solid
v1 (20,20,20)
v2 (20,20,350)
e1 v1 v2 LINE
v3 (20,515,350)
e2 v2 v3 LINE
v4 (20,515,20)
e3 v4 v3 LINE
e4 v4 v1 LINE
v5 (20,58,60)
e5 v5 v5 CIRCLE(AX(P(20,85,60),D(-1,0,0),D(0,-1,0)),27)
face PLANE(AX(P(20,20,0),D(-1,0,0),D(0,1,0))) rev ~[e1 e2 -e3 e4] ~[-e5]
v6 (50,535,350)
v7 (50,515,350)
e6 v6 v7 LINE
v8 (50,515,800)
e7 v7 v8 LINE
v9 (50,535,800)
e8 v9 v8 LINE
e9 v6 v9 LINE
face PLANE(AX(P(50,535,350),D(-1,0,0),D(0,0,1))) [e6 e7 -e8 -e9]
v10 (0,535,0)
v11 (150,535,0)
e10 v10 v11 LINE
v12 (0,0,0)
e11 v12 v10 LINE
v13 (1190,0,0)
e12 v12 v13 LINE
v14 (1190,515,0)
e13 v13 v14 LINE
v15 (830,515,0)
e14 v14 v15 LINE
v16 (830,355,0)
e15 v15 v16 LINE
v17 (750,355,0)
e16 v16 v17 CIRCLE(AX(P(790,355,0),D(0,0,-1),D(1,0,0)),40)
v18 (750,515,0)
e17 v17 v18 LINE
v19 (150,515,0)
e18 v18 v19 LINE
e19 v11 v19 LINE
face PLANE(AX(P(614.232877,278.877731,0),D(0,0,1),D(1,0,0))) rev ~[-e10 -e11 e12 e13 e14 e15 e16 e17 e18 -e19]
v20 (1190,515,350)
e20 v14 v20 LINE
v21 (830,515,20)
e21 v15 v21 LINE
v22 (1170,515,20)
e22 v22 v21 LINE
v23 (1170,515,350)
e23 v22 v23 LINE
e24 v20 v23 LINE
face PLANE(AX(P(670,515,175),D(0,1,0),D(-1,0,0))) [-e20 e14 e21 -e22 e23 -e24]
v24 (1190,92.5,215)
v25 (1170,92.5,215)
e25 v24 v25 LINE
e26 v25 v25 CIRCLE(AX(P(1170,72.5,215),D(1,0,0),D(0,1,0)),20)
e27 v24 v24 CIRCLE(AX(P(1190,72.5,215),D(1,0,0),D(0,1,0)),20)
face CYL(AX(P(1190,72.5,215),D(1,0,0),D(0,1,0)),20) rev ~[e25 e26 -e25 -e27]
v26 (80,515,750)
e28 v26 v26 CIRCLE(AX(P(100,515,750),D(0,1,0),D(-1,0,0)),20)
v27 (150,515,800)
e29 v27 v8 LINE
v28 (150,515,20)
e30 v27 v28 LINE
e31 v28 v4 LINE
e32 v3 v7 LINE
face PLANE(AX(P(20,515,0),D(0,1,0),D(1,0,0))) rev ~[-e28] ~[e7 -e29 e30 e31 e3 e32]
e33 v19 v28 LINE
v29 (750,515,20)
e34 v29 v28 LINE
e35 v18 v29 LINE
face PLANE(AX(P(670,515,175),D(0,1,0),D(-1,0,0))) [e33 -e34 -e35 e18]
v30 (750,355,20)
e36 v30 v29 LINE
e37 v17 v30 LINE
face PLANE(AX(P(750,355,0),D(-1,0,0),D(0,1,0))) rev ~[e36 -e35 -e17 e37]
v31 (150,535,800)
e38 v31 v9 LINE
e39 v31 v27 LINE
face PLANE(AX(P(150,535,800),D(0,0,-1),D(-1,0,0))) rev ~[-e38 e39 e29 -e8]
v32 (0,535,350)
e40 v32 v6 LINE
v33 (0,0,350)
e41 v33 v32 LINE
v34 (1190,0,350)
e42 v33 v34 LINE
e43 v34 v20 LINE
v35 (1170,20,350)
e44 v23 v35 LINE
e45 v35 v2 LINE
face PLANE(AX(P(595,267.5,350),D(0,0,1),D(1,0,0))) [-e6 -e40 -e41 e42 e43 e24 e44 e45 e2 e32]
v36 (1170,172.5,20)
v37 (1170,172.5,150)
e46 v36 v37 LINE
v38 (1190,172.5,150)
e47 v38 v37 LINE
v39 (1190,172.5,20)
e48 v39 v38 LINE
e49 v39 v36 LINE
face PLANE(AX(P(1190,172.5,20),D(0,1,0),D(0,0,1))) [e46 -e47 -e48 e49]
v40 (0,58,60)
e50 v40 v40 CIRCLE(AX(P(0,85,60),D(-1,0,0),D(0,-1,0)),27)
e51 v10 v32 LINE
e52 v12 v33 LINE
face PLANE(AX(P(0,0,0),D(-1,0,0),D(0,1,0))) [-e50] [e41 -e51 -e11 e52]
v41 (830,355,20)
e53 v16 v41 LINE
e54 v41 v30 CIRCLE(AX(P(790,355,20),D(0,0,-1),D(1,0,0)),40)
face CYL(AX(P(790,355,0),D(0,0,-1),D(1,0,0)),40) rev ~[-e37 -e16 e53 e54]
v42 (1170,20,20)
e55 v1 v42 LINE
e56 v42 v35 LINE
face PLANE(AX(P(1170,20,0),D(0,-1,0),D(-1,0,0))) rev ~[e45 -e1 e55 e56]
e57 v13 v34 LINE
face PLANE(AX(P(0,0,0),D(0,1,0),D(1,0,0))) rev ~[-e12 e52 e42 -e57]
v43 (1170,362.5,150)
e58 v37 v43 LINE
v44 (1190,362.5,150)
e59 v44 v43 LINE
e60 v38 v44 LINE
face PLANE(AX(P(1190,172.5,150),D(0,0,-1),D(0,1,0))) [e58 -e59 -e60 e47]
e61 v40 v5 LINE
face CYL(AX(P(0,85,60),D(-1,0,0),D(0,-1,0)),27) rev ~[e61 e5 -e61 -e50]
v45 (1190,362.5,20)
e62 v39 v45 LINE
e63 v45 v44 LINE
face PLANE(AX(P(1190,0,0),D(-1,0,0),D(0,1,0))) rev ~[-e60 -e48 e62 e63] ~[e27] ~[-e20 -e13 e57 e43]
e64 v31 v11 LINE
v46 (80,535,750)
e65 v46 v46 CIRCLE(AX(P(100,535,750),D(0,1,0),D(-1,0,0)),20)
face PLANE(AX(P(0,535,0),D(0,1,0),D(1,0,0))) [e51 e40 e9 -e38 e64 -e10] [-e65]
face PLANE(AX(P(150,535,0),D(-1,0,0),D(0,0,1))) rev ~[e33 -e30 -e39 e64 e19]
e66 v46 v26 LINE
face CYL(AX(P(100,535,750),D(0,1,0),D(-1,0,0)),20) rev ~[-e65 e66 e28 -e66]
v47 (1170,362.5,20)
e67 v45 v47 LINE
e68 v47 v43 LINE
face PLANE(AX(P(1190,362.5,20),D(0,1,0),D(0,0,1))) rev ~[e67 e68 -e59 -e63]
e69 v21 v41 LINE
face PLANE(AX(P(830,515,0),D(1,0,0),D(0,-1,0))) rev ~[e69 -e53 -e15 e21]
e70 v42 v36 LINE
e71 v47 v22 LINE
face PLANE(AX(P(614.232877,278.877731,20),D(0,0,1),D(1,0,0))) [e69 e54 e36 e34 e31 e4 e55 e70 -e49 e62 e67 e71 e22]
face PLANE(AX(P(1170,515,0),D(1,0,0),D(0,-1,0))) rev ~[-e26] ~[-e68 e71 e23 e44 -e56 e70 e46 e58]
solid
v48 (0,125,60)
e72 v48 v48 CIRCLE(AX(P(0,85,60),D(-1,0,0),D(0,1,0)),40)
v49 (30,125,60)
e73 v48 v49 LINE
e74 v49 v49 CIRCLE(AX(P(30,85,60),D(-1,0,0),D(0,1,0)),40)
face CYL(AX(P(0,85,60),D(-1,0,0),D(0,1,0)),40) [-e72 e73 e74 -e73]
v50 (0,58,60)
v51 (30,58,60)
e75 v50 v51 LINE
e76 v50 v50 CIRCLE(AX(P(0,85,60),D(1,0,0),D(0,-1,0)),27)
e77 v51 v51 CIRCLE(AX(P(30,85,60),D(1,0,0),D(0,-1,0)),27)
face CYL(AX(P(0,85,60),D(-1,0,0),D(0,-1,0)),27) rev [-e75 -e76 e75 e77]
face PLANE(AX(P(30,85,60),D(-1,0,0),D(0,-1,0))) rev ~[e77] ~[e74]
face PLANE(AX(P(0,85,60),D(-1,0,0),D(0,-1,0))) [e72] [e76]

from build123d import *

# Parameters (mm, degrees)
F0_W      = 1190
F0_H      = 535
F1_DEPTH  = 350
F2_DEPTH  = 20
F3_R      = 20
F4_DEPTH  = 25
F5_W      = 100
F5_H      = 450
F5_R      = 20
F6_DEPTH  = 20
F8_DEPTH  = 50
F9_DEPTH  = 30
F5_W_2    = 1040
F5_H_2    = 350
F10_DEPTH = 20
F3_W      = 190
F3_H      = 130
F11_DEPTH = 20


with BuildPart() as f1:
    # F0 (on Top) → F1 (new body)
    with BuildSketch(Plane.XY):
        with Locations((595, 267.5)):
            Rectangle(F0_W, F0_H)
        Polygon((20, 20), (20, 515), (750, 515), (830, 515), (1170, 515), (1170, 20), align=None, mode=Mode.SUBTRACT)
    extrude(amount=F1_DEPTH)

    # F0 (on Top) → F2 (join)
    with BuildSketch(Plane.XY):
        with BuildLine():
            Line((750, 515), (20, 515))
            Line((20, 515), (20, 20))
            Line((20, 20), (1170, 20))
            Line((1170, 20), (1170, 515))
            Line((1170, 515), (830, 515))
            Line((830, 515), (830, 355))
            ThreePointArc((830, 355), (790, 315), (750, 355))
            Line((750, 355), (750, 515))
        make_face()
    extrude(amount=F2_DEPTH)

    # F3 (on face) → F4 (cut)
    with BuildSketch(Plane.YZ.offset(1190)):
        with Locations((72.5, 215)):
            Circle(F3_R)
    extrude(amount=-F4_DEPTH, mode=Mode.SUBTRACT)

    # F5 (on face) → F6 (join)
    with BuildSketch(Plane(origin=(0, 535, 0), x_dir=(-1, 0, 0), z_dir=(0, 1, 0))):
        with Locations((-100, 575)):
            Rectangle(F5_W, F5_H)
        with Locations((-100, 750)):
            Circle(F5_R, mode=Mode.SUBTRACT)
    extrude(amount=-F6_DEPTH)

    # F7 (on face) → F8 (cut)
    with BuildSketch(Plane(origin=(0, 0, 0), x_dir=(0, -1, 0), z_dir=(-1, 0, 0))):
        with BuildLine():
            ThreePointArc((-112, 60), (-85, 33), (-58, 60))
            ThreePointArc((-58, 60), (-85, 87), (-112, 60))
        make_face()
    extrude(amount=-F8_DEPTH, mode=Mode.SUBTRACT)

    # F5 (on face) → F10 (cut)
    with BuildSketch(Plane(origin=(0, 535, 0), x_dir=(-1, 0, 0), z_dir=(0, 1, 0))):
        with Locations((-670, 175)):
            Rectangle(F5_W_2, F5_H_2)
    extrude(amount=-F10_DEPTH, mode=Mode.SUBTRACT)

    # F3 (on face) → F11 (cut)
    with BuildSketch(Plane.YZ.offset(1190)):
        with Locations((267.5, 85)):
            Rectangle(F3_W, F3_H)
    extrude(amount=-F11_DEPTH, mode=Mode.SUBTRACT)


with BuildPart() as f9:
    # F7 (on face) → F9 (new body)
    with BuildSketch(Plane(origin=(0, 0, 0), x_dir=(0, -1, 0), z_dir=(-1, 0, 0))):
        with BuildLine():
            ThreePointArc((-45, 60), (-85, 100), (-125, 60))
            ThreePointArc((-125, 60), (-85, 20), (-45, 60))
        make_face()
        with BuildLine():
            ThreePointArc((-112, 60), (-85, 87), (-58, 60))
            ThreePointArc((-58, 60), (-85, 33), (-112, 60))
        make_face(mode=Mode.SUBTRACT)
    extrude(amount=-F9_DEPTH)


solid = Compound([f1.part, f9.part])
